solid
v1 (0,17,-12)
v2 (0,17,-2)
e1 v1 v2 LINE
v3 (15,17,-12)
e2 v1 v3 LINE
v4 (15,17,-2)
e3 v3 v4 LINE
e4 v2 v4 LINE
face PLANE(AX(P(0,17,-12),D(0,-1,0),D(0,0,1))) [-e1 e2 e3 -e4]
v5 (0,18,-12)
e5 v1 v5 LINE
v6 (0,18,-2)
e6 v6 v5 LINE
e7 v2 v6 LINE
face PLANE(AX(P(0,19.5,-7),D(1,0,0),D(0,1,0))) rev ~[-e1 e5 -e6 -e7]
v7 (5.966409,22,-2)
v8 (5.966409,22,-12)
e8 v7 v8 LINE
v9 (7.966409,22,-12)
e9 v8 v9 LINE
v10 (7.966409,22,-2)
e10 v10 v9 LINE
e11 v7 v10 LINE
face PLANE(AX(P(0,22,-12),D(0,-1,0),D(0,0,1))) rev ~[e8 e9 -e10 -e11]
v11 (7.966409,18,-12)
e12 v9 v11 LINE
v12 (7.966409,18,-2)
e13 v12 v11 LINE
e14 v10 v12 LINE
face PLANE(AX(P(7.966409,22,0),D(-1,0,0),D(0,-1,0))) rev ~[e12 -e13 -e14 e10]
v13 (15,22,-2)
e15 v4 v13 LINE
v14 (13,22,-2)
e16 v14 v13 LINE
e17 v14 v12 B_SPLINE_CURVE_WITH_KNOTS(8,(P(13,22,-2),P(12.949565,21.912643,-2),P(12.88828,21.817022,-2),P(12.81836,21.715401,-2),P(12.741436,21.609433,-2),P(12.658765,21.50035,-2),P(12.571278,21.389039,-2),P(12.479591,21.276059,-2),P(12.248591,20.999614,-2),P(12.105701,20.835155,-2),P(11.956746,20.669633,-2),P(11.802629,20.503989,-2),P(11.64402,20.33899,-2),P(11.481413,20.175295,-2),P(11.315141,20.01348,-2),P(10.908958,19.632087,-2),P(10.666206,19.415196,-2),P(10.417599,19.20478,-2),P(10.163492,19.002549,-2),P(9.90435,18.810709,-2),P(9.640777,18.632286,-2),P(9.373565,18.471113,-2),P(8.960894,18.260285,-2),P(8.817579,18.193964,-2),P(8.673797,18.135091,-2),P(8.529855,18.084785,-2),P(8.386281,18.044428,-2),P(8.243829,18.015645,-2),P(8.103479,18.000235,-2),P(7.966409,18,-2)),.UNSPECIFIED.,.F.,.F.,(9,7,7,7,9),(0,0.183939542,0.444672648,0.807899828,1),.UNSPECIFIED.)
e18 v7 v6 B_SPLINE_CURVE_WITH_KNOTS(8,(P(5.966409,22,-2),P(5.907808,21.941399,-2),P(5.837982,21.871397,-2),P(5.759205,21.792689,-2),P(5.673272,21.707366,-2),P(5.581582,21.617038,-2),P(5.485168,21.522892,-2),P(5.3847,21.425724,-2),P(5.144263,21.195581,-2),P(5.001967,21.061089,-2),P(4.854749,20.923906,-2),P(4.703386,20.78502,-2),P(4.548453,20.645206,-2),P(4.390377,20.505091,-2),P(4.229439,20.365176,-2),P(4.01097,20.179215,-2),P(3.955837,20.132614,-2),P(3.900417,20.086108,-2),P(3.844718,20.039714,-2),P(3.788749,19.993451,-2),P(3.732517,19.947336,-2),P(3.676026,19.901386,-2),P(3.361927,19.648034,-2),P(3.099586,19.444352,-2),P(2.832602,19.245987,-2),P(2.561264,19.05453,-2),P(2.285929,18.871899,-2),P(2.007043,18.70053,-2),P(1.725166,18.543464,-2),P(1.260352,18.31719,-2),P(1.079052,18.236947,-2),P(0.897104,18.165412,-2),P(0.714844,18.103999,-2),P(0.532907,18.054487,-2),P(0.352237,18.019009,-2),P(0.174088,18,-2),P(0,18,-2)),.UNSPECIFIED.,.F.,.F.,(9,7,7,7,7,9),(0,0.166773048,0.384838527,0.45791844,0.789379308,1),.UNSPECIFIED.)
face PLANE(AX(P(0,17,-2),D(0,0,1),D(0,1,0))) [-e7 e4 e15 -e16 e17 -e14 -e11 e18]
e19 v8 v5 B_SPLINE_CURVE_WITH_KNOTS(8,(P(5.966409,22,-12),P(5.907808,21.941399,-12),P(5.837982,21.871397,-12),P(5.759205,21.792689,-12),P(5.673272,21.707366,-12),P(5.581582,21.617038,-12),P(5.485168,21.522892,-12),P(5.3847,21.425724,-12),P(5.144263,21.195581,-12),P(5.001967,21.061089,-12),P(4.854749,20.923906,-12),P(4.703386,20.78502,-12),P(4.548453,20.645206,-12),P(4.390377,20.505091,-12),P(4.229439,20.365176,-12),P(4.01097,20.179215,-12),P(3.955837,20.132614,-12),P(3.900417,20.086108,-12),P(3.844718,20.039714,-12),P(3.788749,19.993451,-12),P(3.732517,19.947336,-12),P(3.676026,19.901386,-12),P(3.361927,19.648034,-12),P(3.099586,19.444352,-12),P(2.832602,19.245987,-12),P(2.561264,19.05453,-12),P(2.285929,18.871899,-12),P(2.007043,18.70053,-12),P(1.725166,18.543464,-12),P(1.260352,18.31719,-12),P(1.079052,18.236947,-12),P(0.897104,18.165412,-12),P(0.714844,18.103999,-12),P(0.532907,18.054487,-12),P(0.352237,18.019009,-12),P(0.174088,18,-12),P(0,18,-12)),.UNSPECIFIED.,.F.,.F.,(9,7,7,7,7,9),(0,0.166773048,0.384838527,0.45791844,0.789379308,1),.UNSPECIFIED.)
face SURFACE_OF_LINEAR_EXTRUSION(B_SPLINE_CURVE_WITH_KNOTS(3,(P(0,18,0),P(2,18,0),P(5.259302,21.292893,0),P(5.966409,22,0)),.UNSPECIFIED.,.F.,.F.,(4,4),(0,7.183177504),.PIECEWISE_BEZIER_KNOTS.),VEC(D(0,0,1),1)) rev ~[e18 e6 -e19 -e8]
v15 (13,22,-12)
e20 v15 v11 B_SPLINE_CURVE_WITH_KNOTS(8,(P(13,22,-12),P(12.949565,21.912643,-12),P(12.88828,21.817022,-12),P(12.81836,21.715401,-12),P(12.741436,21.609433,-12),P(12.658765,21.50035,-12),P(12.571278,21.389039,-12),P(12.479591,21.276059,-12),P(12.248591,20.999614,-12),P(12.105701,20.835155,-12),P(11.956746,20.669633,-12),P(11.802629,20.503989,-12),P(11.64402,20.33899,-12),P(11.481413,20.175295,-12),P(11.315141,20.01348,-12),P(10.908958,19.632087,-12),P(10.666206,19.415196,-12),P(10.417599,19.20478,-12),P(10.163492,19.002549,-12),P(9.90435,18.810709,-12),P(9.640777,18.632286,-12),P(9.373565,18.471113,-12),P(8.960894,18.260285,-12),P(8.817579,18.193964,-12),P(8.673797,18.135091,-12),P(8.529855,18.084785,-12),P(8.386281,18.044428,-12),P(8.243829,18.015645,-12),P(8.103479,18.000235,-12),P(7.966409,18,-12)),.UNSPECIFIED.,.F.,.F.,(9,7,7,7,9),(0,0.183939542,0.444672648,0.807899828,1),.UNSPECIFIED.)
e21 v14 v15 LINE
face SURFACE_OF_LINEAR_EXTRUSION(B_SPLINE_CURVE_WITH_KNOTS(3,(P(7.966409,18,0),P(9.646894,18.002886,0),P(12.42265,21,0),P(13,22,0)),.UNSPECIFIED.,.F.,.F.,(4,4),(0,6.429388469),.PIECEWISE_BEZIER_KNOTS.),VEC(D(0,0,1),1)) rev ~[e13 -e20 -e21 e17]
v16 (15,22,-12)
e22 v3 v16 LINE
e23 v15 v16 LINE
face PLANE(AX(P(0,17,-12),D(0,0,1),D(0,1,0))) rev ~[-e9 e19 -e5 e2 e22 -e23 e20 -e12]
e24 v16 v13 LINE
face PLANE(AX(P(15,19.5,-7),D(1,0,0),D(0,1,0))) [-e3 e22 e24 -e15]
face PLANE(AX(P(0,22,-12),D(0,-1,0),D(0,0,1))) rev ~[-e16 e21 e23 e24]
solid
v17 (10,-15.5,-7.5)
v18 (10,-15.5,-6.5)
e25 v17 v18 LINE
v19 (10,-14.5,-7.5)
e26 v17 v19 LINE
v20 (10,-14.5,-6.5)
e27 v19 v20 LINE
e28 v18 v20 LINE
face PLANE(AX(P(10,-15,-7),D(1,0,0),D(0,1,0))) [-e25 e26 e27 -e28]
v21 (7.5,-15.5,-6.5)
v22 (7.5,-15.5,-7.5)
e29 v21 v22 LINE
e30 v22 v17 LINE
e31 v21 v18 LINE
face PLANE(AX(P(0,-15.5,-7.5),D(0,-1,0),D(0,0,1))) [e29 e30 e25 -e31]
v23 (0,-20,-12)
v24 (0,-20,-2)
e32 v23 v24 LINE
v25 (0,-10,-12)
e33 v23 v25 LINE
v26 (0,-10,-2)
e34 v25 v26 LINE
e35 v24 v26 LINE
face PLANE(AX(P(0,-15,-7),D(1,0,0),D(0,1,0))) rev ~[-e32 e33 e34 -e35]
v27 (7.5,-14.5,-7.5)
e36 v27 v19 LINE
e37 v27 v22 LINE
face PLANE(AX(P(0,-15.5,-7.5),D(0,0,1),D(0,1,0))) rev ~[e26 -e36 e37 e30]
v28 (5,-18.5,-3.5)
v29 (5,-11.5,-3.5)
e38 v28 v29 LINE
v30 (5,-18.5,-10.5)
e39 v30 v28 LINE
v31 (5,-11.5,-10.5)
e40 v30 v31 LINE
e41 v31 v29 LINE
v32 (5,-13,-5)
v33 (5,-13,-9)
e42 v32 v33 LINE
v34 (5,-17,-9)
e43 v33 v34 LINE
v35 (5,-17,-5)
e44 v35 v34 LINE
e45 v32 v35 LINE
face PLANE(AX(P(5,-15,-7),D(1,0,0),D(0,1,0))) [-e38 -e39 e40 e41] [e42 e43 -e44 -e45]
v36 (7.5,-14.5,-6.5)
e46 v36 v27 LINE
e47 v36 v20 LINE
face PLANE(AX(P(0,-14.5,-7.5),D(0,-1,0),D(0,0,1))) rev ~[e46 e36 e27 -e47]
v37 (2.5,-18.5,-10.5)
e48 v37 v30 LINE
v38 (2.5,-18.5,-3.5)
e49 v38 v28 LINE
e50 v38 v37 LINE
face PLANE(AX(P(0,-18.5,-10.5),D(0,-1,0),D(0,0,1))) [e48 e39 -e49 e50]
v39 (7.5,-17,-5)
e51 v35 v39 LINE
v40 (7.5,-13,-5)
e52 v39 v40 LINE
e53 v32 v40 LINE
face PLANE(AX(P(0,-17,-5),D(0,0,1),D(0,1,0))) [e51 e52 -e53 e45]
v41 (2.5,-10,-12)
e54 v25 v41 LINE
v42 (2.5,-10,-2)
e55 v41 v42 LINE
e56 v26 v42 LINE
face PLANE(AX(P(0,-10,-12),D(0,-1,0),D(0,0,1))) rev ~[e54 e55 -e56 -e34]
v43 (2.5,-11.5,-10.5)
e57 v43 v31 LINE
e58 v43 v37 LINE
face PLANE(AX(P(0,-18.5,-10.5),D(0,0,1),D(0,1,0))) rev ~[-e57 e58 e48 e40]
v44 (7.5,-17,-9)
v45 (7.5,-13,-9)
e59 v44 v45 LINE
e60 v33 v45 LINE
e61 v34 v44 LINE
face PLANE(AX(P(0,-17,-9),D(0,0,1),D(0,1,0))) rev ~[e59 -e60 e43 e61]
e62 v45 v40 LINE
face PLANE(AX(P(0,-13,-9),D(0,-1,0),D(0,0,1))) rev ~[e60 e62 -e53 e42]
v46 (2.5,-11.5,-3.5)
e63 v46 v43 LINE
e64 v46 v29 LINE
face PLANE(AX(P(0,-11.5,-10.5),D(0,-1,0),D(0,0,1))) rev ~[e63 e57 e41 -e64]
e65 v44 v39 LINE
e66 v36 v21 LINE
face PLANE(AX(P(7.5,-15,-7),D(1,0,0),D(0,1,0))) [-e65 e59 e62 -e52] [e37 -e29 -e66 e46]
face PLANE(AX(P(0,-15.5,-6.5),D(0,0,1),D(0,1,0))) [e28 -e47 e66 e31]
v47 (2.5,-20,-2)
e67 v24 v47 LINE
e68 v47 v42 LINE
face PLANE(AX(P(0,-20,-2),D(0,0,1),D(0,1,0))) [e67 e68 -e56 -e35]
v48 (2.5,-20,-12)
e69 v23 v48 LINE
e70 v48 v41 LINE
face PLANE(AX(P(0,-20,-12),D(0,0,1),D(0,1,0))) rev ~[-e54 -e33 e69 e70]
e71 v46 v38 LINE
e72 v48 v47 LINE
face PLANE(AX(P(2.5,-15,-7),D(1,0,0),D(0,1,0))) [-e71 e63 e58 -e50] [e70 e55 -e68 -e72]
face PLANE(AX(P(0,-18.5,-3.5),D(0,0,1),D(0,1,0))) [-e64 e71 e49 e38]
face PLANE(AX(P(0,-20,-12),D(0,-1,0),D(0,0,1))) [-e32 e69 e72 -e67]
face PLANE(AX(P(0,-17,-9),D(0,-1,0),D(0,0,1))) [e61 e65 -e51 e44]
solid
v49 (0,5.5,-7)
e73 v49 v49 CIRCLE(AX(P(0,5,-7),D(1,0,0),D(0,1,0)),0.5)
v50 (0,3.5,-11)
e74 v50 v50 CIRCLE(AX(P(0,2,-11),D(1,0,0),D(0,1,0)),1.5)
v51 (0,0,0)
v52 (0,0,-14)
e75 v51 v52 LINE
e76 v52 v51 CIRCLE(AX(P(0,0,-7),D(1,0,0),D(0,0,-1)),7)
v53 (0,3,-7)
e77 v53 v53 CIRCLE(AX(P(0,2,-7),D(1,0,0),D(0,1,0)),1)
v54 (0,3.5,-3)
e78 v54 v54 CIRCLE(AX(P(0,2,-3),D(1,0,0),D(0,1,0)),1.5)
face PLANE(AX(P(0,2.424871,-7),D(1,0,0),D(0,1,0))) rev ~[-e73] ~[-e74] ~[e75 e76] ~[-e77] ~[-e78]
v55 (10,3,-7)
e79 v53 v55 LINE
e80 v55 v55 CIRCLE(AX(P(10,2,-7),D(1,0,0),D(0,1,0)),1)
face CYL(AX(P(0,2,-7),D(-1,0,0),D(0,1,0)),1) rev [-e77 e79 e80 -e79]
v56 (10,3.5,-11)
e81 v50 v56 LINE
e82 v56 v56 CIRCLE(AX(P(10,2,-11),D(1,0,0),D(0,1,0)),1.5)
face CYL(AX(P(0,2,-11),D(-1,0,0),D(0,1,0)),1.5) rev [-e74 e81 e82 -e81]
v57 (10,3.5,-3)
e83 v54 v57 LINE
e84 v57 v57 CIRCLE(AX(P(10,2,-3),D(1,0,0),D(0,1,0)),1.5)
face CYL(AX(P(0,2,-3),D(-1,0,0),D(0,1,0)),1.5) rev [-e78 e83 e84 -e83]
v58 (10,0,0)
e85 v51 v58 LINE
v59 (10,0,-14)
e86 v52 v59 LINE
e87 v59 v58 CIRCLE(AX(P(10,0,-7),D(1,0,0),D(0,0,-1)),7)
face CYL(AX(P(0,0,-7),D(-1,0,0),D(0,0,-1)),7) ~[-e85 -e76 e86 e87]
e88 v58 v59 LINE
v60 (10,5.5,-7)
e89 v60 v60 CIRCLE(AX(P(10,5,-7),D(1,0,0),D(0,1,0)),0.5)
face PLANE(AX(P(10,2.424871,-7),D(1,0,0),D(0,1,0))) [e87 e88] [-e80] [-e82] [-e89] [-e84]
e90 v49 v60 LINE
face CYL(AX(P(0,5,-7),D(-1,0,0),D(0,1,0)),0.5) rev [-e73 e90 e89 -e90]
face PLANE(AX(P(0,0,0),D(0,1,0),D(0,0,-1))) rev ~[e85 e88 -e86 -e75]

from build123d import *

# Parameters (mm, degrees)
F0_W     = 10
F0_H     = 10
F0_W_2   = 7
F0_H_2   = 7
F0_W_3   = 4
F0_H_3   = 4
F0_W_4   = 1
F0_H_4   = 1
F1_DEPTH = 2.5
F2_DEPTH = 5
F3_DEPTH = 7.5
F4_DEPTH = 10
F0_R     = 1.5
F0_R_2   = 1
F0_R_3   = 0.5
F5_DEPTH = 10
F0_W_5   = 5
F6_DEPTH = 15
F8_DEPTH = 25


with BuildPart() as f1:
    # F0 (on Right) → F1 (new body)
    with BuildSketch(Plane.YZ):
        with Locations((-15, -7)):
            Rectangle(F0_W, F0_H)
        with Locations((-15, -7)):
            Rectangle(F0_W_2, F0_H_2, mode=Mode.SUBTRACT)
        with Locations((-15, -7)):
            Rectangle(F0_W_2, F0_H_2)
        with Locations((-15, -7)):
            Rectangle(F0_W_3, F0_H_3, mode=Mode.SUBTRACT)
        with Locations((-15, -7)):
            Rectangle(F0_W_3, F0_H_3)
        with Locations((-15, -7)):
            Rectangle(F0_W_4, F0_H_4, mode=Mode.SUBTRACT)
        with Locations((-15, -7)):
            Rectangle(F0_W_4, F0_H_4)
    extrude(amount=F1_DEPTH)

    # F0 (on Right) → F2 (join)
    with BuildSketch(Plane.YZ):
        with Locations((-15, -7)):
            Rectangle(F0_W_2, F0_H_2)
        with Locations((-15, -7)):
            Rectangle(F0_W_3, F0_H_3, mode=Mode.SUBTRACT)
        with Locations((-15, -7)):
            Rectangle(F0_W_3, F0_H_3)
        with Locations((-15, -7)):
            Rectangle(F0_W_4, F0_H_4, mode=Mode.SUBTRACT)
        with Locations((-15, -7)):
            Rectangle(F0_W_4, F0_H_4)
    extrude(amount=F2_DEPTH)

    # F0 (on Right) → F3 (join)
    with BuildSketch(Plane.YZ):
        with Locations((-15, -7)):
            Rectangle(F0_W_3, F0_H_3)
        with Locations((-15, -7)):
            Rectangle(F0_W_4, F0_H_4, mode=Mode.SUBTRACT)
        with Locations((-15, -7)):
            Rectangle(F0_W_4, F0_H_4)
    extrude(amount=F3_DEPTH)

    # F0 (on Right) → F4 (join)
    with BuildSketch(Plane.YZ):
        with Locations((-15, -7)):
            Rectangle(F0_W_4, F0_H_4)
    extrude(amount=F4_DEPTH)


with BuildPart() as f5:
    # F0 (on Right) → F5 (new body)
    with BuildSketch(Plane.YZ):
        with BuildLine():
            ThreePointArc((0, -14), (7, -7), (0, 0))
            Line((0, 0), (0, -14))
        make_face()
        with Locations((2, -11)):
            Circle(F0_R, mode=Mode.SUBTRACT)
        with Locations((2, -7)):
            Circle(F0_R_2, mode=Mode.SUBTRACT)
        with Locations((5, -7)):
            Circle(F0_R_3, mode=Mode.SUBTRACT)
        with Locations((2, -3)):
            Circle(F0_R, mode=Mode.SUBTRACT)
    extrude(amount=F5_DEPTH)


with BuildPart() as f6:
    # F0 (on Right) → F6 (new body)
    with BuildSketch(Plane.YZ):
        with Locations((19.5, -7)):
            Rectangle(F0_W_5, F0_H)
    extrude(amount=F6_DEPTH)

    # F7 (on Top) → F8 (cut)
    with BuildSketch(Plane.XY):
        with BuildLine():
            Line((13, 22), (7.9664092259, 22))
            Line((7.9664092259, 22), (7.9664092259, 18))
            add(Edge.make_bspline(
                [(7.9664092259, 18), (9.6468937332, 18.0028863251), (12.4226497308, 21), (13, 22)],
                knots=[0, 0, 0, 0, 6.4293884686, 6.4293884686, 6.4293884686, 6.4293884686], degree=3))
        make_face()
        with BuildLine():
            Line((0, 22), (0, 18))
            add(Edge.make_bspline(
                [(0, 18), (2, 18), (5.2593024448, 21.2928932188), (5.9664092259, 22)],
                knots=[0, 0, 0, 0, 7.1831775038, 7.1831775038, 7.1831775038, 7.1831775038], degree=3))
            Line((5.9664092259, 22), (0, 22))
        make_face()
    extrude(amount=-F8_DEPTH, mode=Mode.SUBTRACT)


solid = Compound([f1.part, f5.part, f6.part])
